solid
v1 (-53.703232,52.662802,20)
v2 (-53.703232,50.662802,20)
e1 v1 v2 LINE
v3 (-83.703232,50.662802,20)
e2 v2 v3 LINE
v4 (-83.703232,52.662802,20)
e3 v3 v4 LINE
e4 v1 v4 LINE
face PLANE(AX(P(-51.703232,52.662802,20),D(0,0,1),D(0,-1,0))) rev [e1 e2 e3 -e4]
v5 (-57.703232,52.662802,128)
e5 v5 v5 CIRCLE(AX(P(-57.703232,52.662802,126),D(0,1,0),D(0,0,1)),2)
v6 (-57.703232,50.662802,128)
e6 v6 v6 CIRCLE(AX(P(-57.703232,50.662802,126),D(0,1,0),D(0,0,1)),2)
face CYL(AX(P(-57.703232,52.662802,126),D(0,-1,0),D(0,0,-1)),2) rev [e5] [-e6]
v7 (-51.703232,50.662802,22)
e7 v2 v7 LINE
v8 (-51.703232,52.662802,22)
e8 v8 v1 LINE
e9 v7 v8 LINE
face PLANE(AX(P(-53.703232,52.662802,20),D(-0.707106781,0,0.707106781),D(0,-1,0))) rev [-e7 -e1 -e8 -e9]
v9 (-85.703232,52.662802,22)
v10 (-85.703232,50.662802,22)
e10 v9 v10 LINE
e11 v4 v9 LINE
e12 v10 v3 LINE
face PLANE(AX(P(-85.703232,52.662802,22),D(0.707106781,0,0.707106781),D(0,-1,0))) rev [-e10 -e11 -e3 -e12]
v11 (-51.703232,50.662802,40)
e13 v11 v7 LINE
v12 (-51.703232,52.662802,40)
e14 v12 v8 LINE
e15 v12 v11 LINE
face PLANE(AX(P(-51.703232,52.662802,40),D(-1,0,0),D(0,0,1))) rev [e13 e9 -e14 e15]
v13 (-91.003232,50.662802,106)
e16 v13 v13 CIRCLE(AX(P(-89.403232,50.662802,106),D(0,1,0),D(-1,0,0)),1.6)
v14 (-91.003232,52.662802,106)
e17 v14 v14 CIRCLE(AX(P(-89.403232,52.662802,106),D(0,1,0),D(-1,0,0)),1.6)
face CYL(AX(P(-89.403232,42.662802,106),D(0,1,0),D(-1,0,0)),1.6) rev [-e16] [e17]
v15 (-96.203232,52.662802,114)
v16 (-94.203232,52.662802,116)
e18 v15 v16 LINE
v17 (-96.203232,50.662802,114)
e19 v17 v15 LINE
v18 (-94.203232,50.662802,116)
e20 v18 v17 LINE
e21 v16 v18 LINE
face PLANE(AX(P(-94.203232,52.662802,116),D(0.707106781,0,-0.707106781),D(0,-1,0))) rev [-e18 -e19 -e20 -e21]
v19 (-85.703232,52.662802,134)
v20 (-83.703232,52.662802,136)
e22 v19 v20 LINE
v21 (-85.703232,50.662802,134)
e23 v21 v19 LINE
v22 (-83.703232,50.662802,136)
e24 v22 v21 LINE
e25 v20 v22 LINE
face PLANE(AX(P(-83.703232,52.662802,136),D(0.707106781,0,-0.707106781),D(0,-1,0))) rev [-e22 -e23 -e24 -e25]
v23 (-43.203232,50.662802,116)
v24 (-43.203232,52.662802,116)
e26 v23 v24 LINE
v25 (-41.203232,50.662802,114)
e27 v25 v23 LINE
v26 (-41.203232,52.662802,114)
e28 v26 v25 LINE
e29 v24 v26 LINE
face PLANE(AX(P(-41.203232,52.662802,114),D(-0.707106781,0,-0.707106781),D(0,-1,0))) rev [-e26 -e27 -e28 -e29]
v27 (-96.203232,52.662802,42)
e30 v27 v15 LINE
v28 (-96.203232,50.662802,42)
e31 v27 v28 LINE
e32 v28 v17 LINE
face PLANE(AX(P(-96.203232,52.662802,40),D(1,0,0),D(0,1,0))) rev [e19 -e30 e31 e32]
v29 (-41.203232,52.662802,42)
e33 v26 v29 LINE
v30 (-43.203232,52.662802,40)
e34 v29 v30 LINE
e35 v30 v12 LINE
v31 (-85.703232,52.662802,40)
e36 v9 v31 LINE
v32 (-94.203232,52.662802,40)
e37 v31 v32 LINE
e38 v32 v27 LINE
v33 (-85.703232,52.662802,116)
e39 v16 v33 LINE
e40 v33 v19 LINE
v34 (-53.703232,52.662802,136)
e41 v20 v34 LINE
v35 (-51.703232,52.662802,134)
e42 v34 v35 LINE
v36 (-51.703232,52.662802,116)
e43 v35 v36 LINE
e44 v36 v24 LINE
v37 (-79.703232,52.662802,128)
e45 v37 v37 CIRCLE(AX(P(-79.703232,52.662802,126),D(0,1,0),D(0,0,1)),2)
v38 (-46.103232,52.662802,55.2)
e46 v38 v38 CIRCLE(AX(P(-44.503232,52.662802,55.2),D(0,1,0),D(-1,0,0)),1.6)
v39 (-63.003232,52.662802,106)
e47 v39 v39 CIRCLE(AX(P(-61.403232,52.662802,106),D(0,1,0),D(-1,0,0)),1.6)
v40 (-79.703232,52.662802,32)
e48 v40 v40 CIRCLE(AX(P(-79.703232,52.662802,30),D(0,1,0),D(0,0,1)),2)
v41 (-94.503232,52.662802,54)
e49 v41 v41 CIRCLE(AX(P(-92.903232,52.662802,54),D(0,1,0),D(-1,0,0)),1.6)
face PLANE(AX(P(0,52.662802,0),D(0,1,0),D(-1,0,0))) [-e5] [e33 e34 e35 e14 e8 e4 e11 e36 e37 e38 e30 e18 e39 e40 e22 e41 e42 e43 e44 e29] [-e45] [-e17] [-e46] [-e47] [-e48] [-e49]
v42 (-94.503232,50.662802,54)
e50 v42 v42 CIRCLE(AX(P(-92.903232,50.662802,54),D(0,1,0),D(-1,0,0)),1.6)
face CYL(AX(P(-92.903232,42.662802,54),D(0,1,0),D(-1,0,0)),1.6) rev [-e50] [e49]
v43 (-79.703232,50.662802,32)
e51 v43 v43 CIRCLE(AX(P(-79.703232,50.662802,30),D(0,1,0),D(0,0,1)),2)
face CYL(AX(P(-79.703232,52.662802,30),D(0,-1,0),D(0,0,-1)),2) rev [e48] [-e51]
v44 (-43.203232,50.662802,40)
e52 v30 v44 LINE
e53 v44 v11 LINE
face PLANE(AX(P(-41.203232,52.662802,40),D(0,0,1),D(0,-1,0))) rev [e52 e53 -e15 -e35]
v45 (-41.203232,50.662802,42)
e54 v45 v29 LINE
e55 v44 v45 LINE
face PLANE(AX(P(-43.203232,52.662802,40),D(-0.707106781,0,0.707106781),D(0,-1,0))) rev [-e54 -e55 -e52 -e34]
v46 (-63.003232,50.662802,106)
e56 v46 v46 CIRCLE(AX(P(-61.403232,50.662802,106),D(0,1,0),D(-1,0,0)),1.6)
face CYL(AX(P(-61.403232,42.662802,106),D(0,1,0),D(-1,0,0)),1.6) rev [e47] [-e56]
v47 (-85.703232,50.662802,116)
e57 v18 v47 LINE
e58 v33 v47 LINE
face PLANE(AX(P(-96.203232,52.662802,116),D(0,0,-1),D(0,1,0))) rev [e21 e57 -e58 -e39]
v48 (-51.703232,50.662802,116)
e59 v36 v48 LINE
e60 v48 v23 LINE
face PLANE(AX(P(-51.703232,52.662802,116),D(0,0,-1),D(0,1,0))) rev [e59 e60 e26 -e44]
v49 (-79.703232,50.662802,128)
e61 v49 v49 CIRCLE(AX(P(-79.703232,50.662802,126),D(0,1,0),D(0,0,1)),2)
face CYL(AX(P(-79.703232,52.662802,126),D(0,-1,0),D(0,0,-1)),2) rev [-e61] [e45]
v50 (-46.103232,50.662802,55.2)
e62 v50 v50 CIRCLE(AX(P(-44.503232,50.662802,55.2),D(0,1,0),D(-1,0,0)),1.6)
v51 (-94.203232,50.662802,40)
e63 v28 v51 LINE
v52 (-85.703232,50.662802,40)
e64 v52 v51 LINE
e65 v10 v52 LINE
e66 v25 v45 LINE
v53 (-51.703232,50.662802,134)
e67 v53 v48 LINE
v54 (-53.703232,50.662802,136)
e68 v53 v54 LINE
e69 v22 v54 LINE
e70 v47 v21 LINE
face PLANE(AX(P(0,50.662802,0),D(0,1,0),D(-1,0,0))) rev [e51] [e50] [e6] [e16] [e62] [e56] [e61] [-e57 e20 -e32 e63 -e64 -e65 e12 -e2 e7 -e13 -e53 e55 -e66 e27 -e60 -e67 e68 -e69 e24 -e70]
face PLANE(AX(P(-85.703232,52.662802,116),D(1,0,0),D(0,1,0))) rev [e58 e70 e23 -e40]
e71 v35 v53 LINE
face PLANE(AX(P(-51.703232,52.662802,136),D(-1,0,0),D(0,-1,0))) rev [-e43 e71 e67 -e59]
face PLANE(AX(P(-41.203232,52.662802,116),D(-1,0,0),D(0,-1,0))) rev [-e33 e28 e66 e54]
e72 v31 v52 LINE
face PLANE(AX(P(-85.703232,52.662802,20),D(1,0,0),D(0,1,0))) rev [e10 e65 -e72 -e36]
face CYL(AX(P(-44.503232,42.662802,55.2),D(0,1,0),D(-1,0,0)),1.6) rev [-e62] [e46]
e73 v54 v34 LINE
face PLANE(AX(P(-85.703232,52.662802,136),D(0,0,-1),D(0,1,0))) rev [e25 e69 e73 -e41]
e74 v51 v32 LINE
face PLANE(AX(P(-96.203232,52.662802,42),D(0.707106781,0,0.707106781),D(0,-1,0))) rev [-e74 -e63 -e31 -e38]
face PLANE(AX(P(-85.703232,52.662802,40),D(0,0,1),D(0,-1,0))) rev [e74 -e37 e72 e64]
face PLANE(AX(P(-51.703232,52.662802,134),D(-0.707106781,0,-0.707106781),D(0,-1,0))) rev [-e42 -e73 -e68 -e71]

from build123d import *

# Parameters (mm, degrees)
SKETCH1_R           = 2
BOSS_EXTRUDE1_DEPTH = 2
SKETCH2_R           = 1.6
CUT_EXTRUDE1_DEPTH  = 10
CHAMFER1_SIZE       = 2


with BuildPart() as part:
    # Sketch1 → Boss-Extrude1 (new body)
    with BuildSketch(Plane(origin=(0, 50.662802213, 0), x_dir=(1, 0, 0), z_dir=(0, 1, 0))):
        Polygon((-85.703232371, -20), (-85.703232371, -40), (-96.203232371, -40), (-96.203232371, -116), (-85.703232371, -116), (-85.703232371, -136), (-51.703232371, -136), (-51.703232371, -116), (-41.203232371, -116), (-41.203232371, -40), (-51.703232371, -40), (-51.703232371, -20), align=None)
        with Locations((-79.703232371, -30)):
            Circle(SKETCH1_R, mode=Mode.SUBTRACT)
        with Locations((-79.703232371, -126)):
            Circle(SKETCH1_R, mode=Mode.SUBTRACT)
        with Locations((-57.703232371, -126)):
            Circle(SKETCH1_R, mode=Mode.SUBTRACT)
    extrude(amount=BOSS_EXTRUDE1_DEPTH)

    # Sketch2 → Cut-Extrude1 (cut)
    with BuildSketch(Plane(origin=(0, 52.662802213, 0), x_dir=(1, 0, 0), z_dir=(0, 1, 0))):
        with Locations((-92.903232371, -54)):
            Circle(SKETCH2_R)
        with Locations((-44.503232371, -55.2)):
            Circle(SKETCH2_R)
        with Locations((-89.403232371, -106)):
            Circle(SKETCH2_R)
        with Locations((-61.403232371, -106)):
            Circle(SKETCH2_R)
    extrude(amount=-CUT_EXTRUDE1_DEPTH, mode=Mode.SUBTRACT)

    # Chamfer1
    chamfer1_edges = [part.edges().sort_by_distance(p)[0] for p in [
        (-51.703232371, 51.662802213, 20),
        (-41.203232371, 51.662802213, 40),
        (-41.203232371, 51.662802213, 116),
        (-51.703232371, 51.662802213, 136),
        (-85.703232371, 51.662802213, 136),
        (-96.203232371, 51.662802213, 116),
        (-96.203232371, 51.662802213, 40),
        (-85.703232371, 51.662802213, 20),
    ]]
    chamfer(chamfer1_edges, length=CHAMFER1_SIZE)


solid = part.part
